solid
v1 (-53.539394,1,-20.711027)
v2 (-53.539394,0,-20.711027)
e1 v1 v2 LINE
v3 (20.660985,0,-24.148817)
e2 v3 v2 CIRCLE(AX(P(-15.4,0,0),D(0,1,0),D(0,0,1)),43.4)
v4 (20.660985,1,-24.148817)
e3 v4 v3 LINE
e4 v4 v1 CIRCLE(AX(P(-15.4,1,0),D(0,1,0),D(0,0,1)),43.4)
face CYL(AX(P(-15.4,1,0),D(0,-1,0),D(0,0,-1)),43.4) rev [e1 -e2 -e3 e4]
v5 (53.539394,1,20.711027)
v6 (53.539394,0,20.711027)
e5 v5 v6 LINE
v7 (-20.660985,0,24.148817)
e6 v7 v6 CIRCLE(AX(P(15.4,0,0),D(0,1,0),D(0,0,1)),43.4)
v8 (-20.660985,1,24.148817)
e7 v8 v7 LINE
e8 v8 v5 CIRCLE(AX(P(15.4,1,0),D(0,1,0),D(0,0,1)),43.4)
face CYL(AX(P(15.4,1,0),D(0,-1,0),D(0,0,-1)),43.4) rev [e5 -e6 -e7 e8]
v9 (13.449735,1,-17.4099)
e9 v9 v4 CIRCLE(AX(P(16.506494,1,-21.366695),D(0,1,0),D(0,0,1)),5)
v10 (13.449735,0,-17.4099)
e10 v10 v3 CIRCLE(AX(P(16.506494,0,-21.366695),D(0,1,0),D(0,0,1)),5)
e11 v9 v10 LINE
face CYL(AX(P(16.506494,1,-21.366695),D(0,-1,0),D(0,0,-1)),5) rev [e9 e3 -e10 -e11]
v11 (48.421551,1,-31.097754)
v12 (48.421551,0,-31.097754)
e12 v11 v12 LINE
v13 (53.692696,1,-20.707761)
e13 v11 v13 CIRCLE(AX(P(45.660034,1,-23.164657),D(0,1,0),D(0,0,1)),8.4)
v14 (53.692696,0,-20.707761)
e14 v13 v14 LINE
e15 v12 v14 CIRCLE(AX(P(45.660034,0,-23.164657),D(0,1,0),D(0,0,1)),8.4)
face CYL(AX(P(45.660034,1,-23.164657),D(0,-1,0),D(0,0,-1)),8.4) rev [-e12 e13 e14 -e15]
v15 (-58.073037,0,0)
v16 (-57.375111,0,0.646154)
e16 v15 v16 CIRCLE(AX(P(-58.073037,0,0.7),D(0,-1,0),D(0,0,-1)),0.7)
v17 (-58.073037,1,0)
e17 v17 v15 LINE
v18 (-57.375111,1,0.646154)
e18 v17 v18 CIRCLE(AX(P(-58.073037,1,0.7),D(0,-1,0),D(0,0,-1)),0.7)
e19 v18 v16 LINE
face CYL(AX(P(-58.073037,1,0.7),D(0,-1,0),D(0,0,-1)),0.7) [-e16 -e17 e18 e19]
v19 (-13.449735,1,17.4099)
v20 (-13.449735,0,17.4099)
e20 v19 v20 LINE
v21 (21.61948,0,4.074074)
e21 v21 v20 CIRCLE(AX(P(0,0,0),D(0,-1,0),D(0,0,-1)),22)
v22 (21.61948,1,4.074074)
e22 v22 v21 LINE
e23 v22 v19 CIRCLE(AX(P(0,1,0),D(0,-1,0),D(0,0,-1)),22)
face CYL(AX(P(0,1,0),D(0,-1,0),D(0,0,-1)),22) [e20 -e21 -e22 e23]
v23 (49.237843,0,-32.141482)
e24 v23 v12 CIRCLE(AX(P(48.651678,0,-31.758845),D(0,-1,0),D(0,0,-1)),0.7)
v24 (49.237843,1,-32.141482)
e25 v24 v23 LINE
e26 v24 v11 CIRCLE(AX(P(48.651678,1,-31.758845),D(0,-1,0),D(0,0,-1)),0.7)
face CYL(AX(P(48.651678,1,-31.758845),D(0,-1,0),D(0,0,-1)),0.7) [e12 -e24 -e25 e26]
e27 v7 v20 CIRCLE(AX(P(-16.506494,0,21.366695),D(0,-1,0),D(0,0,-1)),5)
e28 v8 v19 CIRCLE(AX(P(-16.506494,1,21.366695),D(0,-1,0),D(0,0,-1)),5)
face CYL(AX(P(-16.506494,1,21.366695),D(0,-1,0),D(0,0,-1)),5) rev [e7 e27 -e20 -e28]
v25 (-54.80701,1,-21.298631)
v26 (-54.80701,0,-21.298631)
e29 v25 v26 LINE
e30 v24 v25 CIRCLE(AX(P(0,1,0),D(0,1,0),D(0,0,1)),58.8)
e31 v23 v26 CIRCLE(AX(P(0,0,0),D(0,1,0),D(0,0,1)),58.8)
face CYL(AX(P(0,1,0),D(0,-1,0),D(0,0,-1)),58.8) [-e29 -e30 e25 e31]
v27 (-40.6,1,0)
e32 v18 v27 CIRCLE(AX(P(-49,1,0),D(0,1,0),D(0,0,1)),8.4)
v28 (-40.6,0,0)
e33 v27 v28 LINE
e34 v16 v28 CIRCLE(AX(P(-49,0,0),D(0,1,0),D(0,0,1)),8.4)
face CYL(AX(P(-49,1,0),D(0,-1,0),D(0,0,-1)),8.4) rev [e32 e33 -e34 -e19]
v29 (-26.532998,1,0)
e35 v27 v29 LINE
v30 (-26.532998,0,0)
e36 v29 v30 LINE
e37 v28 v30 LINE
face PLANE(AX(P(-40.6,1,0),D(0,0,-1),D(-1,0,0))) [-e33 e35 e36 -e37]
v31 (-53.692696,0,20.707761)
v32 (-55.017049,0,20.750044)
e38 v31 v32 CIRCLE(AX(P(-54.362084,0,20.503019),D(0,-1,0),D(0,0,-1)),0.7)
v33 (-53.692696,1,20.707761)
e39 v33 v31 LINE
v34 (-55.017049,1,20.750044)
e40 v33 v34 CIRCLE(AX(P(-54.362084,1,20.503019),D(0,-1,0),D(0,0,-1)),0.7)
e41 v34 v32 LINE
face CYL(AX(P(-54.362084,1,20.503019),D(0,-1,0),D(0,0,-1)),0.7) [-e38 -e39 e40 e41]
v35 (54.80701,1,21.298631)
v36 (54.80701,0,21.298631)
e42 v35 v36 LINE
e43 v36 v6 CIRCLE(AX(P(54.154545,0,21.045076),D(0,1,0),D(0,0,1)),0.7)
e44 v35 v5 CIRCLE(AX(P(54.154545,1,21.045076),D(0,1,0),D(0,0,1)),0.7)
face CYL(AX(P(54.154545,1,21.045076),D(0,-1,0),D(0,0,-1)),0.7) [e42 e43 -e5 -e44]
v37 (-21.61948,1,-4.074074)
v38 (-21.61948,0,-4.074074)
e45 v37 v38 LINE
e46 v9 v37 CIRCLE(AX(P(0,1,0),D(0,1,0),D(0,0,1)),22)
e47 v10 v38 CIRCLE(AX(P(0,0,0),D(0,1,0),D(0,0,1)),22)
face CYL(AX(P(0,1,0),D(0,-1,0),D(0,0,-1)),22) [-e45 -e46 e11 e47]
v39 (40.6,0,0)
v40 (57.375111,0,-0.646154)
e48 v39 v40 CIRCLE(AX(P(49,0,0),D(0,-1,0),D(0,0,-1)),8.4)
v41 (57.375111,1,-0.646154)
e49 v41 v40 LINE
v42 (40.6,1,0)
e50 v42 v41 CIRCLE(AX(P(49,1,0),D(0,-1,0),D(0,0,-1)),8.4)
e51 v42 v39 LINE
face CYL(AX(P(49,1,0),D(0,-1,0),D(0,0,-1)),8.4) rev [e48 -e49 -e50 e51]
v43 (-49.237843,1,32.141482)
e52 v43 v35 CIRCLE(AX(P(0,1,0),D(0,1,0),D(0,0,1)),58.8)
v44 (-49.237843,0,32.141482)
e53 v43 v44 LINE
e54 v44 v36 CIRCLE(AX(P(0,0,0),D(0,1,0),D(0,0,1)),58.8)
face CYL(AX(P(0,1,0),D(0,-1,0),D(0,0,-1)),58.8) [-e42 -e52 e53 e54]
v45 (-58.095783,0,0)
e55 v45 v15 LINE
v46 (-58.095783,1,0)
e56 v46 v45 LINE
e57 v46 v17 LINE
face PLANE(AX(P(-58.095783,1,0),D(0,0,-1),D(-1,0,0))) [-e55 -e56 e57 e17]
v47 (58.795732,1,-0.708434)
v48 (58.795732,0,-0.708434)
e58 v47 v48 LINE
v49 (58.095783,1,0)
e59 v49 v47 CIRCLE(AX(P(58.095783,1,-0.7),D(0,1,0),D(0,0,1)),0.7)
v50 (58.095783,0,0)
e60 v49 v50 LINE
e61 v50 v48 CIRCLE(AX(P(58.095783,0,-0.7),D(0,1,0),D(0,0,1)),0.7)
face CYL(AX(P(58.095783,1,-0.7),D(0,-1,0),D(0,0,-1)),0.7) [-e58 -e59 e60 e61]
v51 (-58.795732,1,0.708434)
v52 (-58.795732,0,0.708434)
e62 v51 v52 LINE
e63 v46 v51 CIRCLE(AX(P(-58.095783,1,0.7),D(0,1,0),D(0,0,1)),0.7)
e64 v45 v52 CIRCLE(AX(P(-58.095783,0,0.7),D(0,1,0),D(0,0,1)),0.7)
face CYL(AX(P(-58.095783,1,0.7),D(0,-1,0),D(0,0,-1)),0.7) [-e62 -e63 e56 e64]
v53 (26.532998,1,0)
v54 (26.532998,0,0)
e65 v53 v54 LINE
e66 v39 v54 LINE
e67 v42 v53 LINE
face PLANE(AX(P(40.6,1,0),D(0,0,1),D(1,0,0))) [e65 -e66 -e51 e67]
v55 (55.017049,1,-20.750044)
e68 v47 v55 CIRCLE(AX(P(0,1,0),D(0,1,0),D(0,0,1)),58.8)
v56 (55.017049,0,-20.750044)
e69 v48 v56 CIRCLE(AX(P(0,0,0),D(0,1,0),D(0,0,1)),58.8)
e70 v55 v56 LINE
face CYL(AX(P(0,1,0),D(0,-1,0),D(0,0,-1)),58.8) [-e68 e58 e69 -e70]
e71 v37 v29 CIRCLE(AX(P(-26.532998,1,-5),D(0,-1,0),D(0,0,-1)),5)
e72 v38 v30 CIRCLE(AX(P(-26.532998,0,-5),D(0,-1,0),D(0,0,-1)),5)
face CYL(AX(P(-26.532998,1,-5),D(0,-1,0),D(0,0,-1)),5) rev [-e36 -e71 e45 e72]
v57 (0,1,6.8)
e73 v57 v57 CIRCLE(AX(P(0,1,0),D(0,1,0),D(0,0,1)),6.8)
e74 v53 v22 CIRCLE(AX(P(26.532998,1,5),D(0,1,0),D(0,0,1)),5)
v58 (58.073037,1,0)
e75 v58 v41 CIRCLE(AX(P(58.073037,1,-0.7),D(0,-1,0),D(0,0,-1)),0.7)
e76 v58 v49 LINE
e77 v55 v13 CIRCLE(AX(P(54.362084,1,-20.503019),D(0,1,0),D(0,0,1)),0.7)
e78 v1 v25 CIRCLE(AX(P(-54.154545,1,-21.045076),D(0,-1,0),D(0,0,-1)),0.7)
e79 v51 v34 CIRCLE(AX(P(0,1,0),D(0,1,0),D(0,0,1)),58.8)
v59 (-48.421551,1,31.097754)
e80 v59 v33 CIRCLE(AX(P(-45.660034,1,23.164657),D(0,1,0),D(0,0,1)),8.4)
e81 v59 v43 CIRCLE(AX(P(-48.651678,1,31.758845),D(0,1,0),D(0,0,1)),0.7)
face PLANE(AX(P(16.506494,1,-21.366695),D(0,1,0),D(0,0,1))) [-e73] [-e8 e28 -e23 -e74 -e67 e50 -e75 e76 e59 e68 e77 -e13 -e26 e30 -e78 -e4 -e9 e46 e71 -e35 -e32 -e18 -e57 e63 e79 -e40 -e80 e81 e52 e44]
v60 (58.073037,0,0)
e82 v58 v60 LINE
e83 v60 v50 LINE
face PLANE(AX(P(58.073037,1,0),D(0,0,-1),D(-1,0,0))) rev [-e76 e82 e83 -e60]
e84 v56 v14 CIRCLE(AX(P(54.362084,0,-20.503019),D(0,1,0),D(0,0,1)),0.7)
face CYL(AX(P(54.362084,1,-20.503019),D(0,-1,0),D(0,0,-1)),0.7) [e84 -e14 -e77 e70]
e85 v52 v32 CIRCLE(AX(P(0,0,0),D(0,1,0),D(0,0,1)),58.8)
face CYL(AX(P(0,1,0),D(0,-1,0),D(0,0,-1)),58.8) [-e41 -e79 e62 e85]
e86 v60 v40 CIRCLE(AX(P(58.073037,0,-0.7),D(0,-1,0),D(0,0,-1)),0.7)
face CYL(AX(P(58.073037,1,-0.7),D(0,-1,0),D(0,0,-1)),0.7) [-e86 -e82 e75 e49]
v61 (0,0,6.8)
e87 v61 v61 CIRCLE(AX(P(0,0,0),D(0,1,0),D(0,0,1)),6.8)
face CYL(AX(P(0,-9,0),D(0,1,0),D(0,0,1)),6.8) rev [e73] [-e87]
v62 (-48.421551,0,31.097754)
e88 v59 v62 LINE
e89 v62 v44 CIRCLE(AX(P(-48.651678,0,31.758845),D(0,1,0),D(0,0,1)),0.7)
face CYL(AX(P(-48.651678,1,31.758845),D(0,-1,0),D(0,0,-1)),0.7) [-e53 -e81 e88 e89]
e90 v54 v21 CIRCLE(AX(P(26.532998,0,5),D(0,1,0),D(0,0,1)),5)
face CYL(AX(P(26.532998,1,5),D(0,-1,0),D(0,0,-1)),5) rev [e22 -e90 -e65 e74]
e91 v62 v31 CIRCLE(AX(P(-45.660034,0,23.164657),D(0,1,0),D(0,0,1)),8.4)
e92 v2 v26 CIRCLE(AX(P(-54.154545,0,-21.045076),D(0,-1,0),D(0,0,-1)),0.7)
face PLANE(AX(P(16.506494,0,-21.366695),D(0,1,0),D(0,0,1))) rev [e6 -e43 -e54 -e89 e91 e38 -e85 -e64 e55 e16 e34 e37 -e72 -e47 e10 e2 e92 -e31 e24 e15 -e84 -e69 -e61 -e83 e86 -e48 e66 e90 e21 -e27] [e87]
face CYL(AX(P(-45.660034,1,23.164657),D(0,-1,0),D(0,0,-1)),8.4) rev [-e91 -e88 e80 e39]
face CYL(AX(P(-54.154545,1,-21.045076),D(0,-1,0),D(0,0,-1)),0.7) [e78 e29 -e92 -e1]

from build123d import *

# Parameters (mm, degrees)
BOSS_EXTRUDE1_DEPTH = 1
SKETCH3_R           = 6.8
CUT_EXTRUDE1_DEPTH  = 10


with BuildPart() as part:
    # Sketch1 → Boss-Extrude1 (new body)
    with BuildSketch(Plane(origin=(0, 0, 0), x_dir=(1, 0, 0), z_dir=(0, 1, 0))):
        with BuildLine():
            Line((-58.095782979, 0), (-58.073036978, 0))
            ThreePointArc((-58.073036978, 0), (-57.597480623, -0.18634043), (-57.375111056, -0.646153846))
            ThreePointArc((-57.375111056, -0.646153846), (-48.676683494, -8.393775458), (-40.6, 0))
            Line((-40.6, 0), (-26.532998323, 0))
            ThreePointArc((-26.532998323, 0), (-23.34157463, 1.150998205), (-21.619480115, 4.074074074))
            ThreePointArc((-21.619480115, 4.074074074), (-7.819670385, 20.563383843), (13.44973545, 17.409899952))
            ThreePointArc((13.44973545, 17.409899952), (19.920363156, 17.713546888), (20.660984848, 24.148817192))
            ThreePointArc((20.660984848, 24.148817192), (-17.408618139, 43.353494129), (-53.539393939, 20.711026772))
            ThreePointArc((-53.539393939, 20.711026772), (-54.448939175, 20.409991078), (-54.807009858, 21.298630718))
            ThreePointArc((-54.807009858, 21.298630718), (-6.094732075, 58.483281722), (49.237842792, 32.141481565))
            ThreePointArc((49.237842792, 32.141481565), (49.203069762, 31.327605826), (48.421551499, 31.097753513))
            ThreePointArc((48.421551499, 31.097753513), (38.168934267, 19.364205559), (53.692695632, 20.707760837))
            ThreePointArc((53.692695632, 20.707760837), (54.339746442, 21.20266298), (55.017049011, 20.750043811))
            ThreePointArc((55.017049011, 20.750043811), (57.781950674, 10.894318531), (58.795732172, 0.708433735))
            ThreePointArc((58.795732172, 0.708433735), (58.593730574, 0.208016065), (58.095782979, 0))
            Line((58.095782979, 0), (58.073036978, 0))
            ThreePointArc((58.073036978, 0), (57.597480623, 0.18634043), (57.375111056, 0.646153846))
            ThreePointArc((57.375111056, 0.646153846), (48.676683494, 8.393775458), (40.6, 0))
            Line((40.6, 0), (26.532998323, 0))
            ThreePointArc((26.532998323, 0), (23.34157463, -1.150998205), (21.619480115, -4.074074074))
            ThreePointArc((21.619480115, -4.074074074), (7.819670385, -20.563383843), (-13.44973545, -17.409899952))
            ThreePointArc((-13.44973545, -17.409899952), (-19.920363156, -17.713546888), (-20.660984848, -24.148817192))
            ThreePointArc((-20.660984848, -24.148817192), (17.408618139, -43.353494129), (53.539393939, -20.711026772))
            ThreePointArc((53.539393939, -20.711026772), (54.448939175, -20.409991078), (54.807009858, -21.298630718))
            ThreePointArc((54.807009858, -21.298630718), (6.094732075, -58.483281722), (-49.237842792, -32.141481565))
            ThreePointArc((-49.237842792, -32.141481565), (-49.203069762, -31.327605826), (-48.421551499, -31.097753513))
            ThreePointArc((-48.421551499, -31.097753513), (-38.168934267, -19.364205559), (-53.692695632, -20.707760837))
            ThreePointArc((-53.692695632, -20.707760837), (-54.339746442, -21.20266298), (-55.017049011, -20.750043811))
            ThreePointArc((-55.017049011, -20.750043811), (-57.781950674, -10.894318531), (-58.795732172, -0.708433735))
            ThreePointArc((-58.795732172, -0.708433735), (-58.593730574, -0.208016065), (-58.095782979, 0))
        make_face()
    extrude(amount=BOSS_EXTRUDE1_DEPTH)

    # Sketch3 → Cut-Extrude1 (cut)
    with BuildSketch(Plane(origin=(0, 1, 0), x_dir=(1, 0, 0), z_dir=(0, 1, 0))):
        Circle(SKETCH3_R)
    extrude(amount=-CUT_EXTRUDE1_DEPTH, mode=Mode.SUBTRACT)


solid = part.part
